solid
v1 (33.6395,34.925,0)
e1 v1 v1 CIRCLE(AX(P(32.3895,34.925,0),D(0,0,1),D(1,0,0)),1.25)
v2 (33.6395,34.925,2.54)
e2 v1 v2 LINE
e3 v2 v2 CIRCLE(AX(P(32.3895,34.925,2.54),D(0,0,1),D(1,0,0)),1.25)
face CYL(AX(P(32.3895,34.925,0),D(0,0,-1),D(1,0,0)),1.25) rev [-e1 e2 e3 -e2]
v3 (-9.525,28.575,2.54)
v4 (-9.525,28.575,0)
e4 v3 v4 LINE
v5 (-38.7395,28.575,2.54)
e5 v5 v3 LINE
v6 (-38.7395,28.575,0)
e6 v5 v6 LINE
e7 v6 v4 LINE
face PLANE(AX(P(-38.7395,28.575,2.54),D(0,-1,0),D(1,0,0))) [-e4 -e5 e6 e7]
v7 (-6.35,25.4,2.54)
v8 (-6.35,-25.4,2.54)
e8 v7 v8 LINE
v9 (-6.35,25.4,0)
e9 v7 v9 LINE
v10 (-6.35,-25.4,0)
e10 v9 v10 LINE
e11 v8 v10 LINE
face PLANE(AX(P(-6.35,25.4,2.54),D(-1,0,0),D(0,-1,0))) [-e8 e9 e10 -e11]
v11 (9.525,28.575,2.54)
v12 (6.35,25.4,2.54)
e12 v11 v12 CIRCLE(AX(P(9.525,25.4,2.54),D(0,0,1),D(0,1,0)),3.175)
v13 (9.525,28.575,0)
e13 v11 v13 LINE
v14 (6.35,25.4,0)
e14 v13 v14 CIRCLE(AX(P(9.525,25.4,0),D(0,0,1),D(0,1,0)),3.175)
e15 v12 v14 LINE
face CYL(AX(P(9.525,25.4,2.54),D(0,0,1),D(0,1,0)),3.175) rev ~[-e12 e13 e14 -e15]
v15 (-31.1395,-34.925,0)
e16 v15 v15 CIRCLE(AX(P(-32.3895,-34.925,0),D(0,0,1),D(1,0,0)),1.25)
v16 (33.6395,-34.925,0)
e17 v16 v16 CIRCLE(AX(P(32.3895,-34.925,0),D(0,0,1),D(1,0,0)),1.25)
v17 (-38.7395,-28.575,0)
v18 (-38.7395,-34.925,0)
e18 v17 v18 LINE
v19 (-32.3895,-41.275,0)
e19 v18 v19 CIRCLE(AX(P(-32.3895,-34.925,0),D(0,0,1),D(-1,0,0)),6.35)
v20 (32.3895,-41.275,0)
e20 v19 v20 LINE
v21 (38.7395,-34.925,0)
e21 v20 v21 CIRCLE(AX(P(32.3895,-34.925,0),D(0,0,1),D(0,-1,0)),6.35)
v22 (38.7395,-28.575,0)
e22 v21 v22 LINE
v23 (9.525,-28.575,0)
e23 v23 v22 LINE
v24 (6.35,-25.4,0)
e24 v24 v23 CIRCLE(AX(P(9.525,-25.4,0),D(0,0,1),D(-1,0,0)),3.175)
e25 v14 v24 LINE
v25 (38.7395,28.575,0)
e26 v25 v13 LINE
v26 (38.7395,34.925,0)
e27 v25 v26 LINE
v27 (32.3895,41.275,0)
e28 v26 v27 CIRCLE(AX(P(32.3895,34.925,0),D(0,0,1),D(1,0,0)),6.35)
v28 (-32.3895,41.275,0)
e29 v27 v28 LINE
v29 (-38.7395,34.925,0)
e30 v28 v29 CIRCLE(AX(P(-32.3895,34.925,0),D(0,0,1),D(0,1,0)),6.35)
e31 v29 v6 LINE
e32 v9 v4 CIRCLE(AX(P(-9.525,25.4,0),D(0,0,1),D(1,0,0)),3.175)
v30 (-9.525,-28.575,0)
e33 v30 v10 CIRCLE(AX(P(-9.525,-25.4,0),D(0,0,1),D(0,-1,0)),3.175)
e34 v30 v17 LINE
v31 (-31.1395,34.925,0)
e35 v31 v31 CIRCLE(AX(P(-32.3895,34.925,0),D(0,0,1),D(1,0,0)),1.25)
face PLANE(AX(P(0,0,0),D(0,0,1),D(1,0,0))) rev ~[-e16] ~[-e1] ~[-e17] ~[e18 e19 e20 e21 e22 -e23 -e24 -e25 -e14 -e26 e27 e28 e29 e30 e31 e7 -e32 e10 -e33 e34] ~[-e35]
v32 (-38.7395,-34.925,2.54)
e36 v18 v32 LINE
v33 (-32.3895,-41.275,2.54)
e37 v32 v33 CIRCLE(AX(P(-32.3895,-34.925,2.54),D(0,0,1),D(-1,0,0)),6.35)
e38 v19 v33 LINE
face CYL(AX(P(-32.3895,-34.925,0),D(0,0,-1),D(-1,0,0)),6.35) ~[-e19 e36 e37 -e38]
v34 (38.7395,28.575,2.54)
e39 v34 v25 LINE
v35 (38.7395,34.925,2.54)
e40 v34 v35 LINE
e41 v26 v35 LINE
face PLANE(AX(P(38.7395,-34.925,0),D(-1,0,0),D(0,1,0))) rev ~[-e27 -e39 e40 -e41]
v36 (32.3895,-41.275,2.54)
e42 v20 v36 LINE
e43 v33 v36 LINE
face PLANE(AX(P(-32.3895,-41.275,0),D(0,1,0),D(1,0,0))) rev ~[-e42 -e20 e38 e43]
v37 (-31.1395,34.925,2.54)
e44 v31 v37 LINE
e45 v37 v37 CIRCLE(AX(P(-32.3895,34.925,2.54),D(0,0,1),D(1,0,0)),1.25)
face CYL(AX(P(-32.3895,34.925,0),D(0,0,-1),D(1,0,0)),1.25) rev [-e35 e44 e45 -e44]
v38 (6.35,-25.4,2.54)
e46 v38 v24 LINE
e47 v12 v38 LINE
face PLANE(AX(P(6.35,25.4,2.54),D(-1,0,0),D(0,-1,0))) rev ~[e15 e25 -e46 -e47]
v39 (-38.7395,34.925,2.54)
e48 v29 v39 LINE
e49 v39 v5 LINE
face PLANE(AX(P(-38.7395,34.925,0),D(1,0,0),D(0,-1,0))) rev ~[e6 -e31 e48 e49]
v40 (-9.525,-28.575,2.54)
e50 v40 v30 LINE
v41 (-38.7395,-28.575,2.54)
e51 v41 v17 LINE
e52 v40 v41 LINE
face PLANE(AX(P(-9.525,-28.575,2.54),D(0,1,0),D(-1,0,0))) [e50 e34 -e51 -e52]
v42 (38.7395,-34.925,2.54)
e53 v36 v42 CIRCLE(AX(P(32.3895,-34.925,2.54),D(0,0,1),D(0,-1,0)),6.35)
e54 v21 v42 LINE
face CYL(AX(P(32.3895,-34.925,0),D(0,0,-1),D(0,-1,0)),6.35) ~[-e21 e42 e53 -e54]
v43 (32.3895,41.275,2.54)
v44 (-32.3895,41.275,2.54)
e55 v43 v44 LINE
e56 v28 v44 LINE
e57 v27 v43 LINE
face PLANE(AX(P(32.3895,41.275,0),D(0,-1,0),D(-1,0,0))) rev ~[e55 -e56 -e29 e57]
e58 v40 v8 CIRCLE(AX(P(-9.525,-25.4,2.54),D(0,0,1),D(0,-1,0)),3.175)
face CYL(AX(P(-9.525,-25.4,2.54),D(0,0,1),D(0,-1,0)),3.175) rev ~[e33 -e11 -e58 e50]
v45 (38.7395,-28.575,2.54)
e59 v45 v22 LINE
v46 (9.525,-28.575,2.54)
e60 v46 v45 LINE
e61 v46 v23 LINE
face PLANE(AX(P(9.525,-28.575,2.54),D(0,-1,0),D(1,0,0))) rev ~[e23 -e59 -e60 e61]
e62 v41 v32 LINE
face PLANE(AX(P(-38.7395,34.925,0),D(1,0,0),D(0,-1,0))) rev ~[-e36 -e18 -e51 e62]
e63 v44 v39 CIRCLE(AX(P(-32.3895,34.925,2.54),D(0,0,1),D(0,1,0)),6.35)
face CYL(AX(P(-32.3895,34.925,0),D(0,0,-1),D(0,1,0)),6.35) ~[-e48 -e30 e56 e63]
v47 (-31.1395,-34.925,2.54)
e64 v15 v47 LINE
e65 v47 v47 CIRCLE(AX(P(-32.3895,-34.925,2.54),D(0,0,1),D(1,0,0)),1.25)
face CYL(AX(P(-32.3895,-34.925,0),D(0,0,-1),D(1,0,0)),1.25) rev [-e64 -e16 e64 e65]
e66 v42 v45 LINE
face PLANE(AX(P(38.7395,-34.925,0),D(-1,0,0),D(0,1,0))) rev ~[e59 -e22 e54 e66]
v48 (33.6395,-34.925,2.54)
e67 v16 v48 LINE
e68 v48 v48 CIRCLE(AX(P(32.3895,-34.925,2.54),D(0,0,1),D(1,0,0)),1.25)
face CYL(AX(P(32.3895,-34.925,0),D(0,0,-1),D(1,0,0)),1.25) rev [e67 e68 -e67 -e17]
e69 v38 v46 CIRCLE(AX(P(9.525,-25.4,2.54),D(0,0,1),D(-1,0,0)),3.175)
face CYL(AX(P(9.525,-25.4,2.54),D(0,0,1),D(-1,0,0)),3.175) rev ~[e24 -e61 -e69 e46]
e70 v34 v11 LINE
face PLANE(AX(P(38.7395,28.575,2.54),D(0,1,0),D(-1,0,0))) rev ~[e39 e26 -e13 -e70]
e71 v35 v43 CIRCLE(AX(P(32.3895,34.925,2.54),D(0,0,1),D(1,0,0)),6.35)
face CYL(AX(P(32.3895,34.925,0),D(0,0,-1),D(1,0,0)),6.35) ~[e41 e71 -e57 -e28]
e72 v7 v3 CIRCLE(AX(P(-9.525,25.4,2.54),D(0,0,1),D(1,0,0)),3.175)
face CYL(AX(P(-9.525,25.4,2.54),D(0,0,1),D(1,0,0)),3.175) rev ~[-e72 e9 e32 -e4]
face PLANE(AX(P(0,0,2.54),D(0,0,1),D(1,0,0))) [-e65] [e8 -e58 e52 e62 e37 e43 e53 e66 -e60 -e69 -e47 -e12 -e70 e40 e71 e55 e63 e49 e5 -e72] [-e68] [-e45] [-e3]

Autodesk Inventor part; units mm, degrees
ref_plane "YZ Plane" through (0, 0, 0) normal (1, 0, 0) x (0, 1, 0)
ref_plane "XZ Plane" through (0, 0, 0) normal (0, 1, 0) x (-1, 0, 0)
ref_plane "XY Plane" through (0, 0, 0) normal (0, 0, 1) x (1, 0, 0)
sketch "Sketch1" plane through (0, 0, 0) normal (0, 0, 1) x (1, 0, 0)
  line L0 (32.3895, 41.275) -> (-32.3895, 41.275) projected
  line L1 (38.7395, -34.925) -> (38.7395, 34.925) projected
  circle A0 centre (-32.3895, 34.925) radius 1.25 projected
  circle A1 centre (32.3895, 34.925) radius 1.25 projected
  circle A2 centre (32.3895, -34.925) radius 1.25 projected
  circle A3 centre (-32.3895, -34.925) radius 1.25 projected
  arc A4 (38.7395, 34.925) -> (32.3895, 41.275) centre (32.3895, 34.925) ccw
  line L2 (-32.3895, -41.275) -> (32.3895, -41.275) projected
  line L3 (-38.7395, 34.925) -> (-38.7395, -34.925) projected
  arc A5 (-32.3895, 41.275) -> (-38.7395, 34.925) centre (-32.3895, 34.925) ccw projected
  arc A6 (-38.7395, -34.925) -> (-32.3895, -41.275) centre (-32.3895, -34.925) ccw projected
  arc A7 (32.3895, -41.275) -> (38.7395, -34.925) centre (32.3895, -34.925) ccw projected
  point P0 (0, 0)
extrude "Extrusion1" add sketch "Sketch1" along normal blind 2.54
sketch "Sketch2" plane through (0, 0, 2.54) normal (0, 0, 1) x (1, 0, 0)
  line L0 (-38.7395, 28.575) -> (-9.525, 28.575)
  line L1 (-6.35, 25.4) -> (-6.35, -25.4)
  line L2 (-9.525, -28.575) -> (-38.7395, -28.575)
  line L3 (-38.7395, -28.575) -> (-38.7395, 28.575)
  line L4 (38.7395, 28.575) -> (9.525, 28.575)
  line L5 (6.35, 25.4) -> (6.35, -25.4)
  line L6 (9.525, -28.575) -> (38.7395, -28.575)
  line L7 (38.7395, -28.575) -> (38.7395, 28.575)
  line L8 (-38.7395, 34.925) -> (-38.7395, -34.925) projected
  line L9 (38.7395, -34.925) -> (38.7395, 34.925) projected
  circle A0 centre (32.3895, 34.925) radius 1.25 projected
  line L10 (32.3895, 41.275) -> (-32.3895, 41.275) projected
  circle A1 centre (32.3895, -34.925) radius 1.25 projected
  arc A2 (-6.35, 25.4) -> (-9.525, 28.575) centre (-9.525, 25.4) ccw
  arc A3 (-9.525, -28.575) -> (-6.35, -25.4) centre (-9.525, -25.4) ccw
  arc A4 (6.35, -25.4) -> (9.525, -28.575) centre (9.525, -25.4) ccw
  arc A5 (9.525, 28.575) -> (6.35, 25.4) centre (9.525, 25.4) ccw
  point P0 (0, 0)
  point P1 (6.35, -28.575)
  dimension "d2" = 6.35
  dimension "d3" = 6.35
  dimension "d5" = 6.35
  dimension "d6" = 6.35
  dimension "d7" = 6.35
  dimension "d8" = 3.175
extrude "Extrusion2" cut sketch "Sketch2" against normal blind 2.54 contours L0 A2 L1 A3 L2 L3 | L7 L6 A4 L5 A5 L4
equation "\"d2\" = d3"
equation "\"d5\" = d2"
equation "\"d6\" = d5"
equation "\"d7\" = d6"
properties part number "HeadBasePlate"
